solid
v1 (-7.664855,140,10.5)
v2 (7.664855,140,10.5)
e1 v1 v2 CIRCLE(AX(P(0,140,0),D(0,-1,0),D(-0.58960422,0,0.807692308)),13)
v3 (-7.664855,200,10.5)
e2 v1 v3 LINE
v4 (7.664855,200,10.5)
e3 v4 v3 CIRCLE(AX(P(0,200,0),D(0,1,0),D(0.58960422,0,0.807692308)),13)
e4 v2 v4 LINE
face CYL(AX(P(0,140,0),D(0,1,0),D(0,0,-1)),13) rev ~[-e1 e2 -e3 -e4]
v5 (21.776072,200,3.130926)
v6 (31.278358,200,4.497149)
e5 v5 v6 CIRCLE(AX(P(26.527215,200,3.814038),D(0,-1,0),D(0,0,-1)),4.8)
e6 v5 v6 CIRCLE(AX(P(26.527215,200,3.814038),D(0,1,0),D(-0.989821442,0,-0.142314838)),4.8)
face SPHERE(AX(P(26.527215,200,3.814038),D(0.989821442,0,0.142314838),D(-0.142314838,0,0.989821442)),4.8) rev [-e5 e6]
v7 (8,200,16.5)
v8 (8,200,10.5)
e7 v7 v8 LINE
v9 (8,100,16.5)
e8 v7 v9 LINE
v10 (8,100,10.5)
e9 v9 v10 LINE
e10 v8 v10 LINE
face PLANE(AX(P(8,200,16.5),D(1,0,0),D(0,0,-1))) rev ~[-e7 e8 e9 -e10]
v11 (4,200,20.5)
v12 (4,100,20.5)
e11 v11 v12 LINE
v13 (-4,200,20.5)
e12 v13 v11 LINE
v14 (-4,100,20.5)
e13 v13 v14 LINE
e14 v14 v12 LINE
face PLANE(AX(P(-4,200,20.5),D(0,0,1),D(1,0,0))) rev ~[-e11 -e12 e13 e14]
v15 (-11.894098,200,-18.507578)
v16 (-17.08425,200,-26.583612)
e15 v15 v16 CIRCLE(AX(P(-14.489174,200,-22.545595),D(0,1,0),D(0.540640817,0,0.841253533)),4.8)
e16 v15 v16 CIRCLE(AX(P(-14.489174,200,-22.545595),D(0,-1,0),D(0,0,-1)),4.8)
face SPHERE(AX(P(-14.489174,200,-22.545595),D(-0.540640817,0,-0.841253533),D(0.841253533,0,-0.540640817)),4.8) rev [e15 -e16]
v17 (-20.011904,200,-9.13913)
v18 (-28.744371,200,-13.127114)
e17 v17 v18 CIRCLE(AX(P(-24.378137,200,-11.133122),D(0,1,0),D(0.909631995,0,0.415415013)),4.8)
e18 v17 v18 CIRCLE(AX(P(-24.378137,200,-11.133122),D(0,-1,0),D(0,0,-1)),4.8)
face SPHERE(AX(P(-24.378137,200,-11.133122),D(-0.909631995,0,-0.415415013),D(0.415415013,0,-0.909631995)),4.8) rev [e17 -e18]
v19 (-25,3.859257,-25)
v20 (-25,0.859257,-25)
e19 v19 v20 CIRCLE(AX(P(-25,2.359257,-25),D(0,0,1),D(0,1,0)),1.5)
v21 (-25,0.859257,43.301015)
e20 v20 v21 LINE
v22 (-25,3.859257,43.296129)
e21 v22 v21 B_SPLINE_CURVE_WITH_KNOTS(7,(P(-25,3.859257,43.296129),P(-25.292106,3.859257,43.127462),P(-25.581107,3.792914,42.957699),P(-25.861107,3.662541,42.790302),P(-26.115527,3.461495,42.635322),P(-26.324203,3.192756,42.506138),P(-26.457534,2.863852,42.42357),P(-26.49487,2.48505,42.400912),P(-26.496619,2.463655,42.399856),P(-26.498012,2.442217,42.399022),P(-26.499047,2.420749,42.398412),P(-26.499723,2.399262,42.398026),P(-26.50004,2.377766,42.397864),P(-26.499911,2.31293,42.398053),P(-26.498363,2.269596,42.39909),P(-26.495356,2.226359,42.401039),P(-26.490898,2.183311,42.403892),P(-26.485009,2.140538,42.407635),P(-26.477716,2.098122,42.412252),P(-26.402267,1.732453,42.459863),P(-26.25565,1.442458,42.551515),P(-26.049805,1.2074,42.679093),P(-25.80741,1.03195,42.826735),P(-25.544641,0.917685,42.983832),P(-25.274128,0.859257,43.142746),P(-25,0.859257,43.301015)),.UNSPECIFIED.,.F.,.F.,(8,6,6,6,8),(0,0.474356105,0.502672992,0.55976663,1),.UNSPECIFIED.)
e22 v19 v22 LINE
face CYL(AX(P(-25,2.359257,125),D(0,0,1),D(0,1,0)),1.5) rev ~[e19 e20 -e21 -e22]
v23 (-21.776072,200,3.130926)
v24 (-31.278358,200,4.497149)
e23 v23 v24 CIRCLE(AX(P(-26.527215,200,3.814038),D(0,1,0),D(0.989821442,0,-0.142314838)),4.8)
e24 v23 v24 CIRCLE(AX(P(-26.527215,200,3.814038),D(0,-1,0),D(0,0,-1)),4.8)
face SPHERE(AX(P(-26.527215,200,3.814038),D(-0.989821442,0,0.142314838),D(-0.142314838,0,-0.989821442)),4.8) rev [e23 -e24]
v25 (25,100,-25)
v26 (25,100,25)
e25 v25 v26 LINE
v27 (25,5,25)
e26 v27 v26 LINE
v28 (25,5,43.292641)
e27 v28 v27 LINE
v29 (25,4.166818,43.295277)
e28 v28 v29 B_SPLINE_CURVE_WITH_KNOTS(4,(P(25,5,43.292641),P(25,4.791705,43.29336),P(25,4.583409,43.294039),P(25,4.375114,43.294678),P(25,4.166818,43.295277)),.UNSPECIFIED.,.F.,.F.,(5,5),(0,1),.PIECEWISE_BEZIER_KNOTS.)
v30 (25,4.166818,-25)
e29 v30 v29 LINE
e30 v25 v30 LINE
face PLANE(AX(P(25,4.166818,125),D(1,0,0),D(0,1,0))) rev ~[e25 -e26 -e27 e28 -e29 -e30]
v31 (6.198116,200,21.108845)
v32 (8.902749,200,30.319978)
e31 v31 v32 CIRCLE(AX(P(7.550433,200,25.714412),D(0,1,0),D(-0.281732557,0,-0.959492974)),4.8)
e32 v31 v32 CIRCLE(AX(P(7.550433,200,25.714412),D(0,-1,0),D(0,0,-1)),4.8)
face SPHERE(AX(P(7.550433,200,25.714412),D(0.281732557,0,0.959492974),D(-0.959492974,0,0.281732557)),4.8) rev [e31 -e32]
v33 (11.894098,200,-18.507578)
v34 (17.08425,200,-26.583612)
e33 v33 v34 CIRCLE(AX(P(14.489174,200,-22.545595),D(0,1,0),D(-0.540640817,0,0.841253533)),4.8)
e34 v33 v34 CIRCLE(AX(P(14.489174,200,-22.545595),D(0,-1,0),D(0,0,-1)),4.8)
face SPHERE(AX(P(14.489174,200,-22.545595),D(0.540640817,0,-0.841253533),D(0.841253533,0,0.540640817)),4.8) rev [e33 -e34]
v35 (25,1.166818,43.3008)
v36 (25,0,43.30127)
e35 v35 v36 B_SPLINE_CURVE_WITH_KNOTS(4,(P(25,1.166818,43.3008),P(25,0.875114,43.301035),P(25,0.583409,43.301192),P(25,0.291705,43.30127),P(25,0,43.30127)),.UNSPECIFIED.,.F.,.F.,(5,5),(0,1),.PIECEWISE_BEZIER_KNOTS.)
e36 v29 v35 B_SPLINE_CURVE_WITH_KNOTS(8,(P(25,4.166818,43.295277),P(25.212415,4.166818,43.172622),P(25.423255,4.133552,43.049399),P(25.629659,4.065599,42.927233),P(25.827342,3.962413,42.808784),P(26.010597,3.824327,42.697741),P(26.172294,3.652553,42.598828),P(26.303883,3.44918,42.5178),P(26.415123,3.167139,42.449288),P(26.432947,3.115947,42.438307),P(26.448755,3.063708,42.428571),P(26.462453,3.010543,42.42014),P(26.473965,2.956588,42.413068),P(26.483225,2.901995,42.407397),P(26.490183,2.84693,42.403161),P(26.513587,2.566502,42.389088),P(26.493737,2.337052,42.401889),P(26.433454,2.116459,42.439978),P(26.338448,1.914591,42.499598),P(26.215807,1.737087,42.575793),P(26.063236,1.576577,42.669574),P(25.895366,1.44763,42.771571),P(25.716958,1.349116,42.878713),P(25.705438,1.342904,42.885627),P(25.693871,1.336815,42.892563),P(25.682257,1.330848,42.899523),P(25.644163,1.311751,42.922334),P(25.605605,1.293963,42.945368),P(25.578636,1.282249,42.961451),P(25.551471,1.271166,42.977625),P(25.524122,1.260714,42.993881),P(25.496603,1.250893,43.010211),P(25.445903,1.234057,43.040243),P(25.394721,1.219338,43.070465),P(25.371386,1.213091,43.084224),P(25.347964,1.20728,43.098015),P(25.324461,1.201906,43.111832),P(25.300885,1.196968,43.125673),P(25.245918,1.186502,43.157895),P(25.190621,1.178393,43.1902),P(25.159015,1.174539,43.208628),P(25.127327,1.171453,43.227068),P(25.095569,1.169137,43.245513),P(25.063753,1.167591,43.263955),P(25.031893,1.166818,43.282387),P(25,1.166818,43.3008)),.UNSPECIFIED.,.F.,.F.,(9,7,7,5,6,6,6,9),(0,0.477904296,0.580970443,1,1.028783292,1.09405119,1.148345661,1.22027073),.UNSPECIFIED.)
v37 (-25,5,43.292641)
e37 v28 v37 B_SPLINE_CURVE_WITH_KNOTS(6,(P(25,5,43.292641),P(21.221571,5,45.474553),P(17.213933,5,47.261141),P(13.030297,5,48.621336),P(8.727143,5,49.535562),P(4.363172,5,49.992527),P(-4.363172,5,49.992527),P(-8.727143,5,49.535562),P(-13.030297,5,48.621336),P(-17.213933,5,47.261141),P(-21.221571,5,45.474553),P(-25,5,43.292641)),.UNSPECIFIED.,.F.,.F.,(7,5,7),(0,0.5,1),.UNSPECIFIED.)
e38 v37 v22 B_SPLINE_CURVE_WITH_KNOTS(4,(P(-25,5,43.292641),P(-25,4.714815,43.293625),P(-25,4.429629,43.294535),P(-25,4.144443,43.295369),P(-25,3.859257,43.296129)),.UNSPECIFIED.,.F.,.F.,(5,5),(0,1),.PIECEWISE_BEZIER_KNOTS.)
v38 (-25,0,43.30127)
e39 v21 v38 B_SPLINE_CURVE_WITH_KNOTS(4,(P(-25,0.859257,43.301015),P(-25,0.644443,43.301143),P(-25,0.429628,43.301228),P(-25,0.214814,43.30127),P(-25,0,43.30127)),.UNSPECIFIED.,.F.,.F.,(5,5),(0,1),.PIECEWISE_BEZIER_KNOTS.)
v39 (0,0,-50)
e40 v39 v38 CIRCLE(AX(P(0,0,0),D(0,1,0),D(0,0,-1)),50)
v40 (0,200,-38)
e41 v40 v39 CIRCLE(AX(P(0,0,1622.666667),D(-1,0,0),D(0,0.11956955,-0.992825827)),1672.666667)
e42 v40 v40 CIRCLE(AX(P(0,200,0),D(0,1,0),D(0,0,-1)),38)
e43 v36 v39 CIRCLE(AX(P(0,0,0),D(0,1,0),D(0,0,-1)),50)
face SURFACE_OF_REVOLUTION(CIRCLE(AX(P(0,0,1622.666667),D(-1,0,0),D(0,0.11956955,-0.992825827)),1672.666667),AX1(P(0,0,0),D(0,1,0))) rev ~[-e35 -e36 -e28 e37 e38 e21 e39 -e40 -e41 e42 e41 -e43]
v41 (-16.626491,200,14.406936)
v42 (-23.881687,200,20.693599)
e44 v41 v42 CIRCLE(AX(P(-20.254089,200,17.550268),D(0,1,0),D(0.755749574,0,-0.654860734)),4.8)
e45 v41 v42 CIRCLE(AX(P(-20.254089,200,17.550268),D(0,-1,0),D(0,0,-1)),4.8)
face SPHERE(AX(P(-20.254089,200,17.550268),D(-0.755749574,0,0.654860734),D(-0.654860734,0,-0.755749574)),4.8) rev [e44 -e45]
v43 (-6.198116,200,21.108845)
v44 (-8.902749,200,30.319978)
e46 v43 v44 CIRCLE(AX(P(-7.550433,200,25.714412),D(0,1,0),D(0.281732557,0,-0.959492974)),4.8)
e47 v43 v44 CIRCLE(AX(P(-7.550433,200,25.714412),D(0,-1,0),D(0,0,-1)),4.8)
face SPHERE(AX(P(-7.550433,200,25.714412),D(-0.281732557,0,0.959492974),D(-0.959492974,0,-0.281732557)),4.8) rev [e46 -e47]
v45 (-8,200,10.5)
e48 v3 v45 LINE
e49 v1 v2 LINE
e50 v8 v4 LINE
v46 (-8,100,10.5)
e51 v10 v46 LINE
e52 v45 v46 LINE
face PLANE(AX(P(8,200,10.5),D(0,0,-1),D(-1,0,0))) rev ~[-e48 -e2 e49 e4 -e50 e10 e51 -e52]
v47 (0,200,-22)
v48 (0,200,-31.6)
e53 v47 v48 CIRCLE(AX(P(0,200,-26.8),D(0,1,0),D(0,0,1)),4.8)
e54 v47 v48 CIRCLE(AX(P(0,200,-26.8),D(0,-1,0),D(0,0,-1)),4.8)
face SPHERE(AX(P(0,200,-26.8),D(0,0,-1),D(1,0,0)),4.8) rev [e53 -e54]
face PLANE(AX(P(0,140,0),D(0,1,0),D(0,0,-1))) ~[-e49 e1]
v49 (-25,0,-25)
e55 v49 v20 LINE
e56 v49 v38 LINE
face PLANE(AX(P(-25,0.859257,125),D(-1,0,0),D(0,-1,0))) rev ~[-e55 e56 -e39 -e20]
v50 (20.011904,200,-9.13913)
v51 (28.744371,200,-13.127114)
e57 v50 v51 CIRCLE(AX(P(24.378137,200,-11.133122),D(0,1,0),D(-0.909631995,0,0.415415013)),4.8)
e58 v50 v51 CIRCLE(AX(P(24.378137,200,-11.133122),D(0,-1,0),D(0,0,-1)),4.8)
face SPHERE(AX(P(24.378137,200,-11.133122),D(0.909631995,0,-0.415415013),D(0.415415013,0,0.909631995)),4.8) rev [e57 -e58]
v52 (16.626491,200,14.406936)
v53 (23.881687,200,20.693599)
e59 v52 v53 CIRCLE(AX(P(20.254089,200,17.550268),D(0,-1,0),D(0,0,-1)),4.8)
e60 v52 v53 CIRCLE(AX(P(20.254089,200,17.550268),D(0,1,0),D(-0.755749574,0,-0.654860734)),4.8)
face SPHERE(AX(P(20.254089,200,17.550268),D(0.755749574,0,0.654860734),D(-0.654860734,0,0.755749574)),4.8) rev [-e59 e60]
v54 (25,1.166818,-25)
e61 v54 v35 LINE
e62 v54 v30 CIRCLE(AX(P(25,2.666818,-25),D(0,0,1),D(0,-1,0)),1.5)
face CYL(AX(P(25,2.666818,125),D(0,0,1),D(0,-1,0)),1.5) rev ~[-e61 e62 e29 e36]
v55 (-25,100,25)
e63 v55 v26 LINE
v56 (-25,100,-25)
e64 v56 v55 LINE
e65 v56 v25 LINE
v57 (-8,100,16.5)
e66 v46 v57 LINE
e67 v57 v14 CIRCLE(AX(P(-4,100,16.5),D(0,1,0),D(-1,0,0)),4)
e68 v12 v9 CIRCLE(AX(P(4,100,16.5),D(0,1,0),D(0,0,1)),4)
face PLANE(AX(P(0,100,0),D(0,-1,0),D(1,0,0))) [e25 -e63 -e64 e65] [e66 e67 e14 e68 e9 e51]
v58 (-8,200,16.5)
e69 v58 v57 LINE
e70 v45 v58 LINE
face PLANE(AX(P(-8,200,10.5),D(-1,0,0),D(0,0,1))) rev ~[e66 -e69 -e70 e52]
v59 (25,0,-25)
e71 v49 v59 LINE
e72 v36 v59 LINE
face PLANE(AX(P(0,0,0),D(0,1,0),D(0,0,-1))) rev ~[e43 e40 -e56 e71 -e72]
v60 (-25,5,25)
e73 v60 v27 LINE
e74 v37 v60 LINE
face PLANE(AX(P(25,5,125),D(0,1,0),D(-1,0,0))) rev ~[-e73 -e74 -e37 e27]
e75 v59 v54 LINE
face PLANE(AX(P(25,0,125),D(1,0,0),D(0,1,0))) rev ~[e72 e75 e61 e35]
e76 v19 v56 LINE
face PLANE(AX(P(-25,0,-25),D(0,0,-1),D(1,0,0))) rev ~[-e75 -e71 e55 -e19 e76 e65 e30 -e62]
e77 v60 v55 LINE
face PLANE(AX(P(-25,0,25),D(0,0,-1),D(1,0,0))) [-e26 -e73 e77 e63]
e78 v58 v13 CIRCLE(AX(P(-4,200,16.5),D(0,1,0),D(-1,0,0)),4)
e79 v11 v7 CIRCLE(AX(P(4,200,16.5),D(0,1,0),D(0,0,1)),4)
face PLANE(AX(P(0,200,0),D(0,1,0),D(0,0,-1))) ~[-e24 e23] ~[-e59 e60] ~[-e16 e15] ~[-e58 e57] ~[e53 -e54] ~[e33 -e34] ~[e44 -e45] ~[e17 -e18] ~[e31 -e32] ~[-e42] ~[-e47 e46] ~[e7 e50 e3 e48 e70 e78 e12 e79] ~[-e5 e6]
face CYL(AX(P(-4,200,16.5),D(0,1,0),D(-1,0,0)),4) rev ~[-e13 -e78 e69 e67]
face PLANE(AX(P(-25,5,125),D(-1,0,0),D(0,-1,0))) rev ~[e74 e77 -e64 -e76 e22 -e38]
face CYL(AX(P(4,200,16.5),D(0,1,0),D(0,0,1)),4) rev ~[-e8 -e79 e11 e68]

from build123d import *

# Parameters (mm, degrees)
MATRIZC1_COUNT        = 11
CROQUIS4_W            = 50
CROQUIS4_H            = 50
CORTAR_EXTRUIR1_DEPTH = 100
CORTAR_EXTRUIR2_REACH = 272.416
CORTAR_EXTRUIR3_REACH = 214.132


with BuildPart() as part:
    # Croquis2 → Revolución1 (revolve)
    with BuildSketch(Plane.XY, mode=Mode.PRIVATE) as revoluci_n1_sk:
        with BuildLine():
            Line((-13, 140), (-13, 200))
            Line((-13, 200), (-38, 200))
            ThreePointArc((-38, 200), (-46.997304849, 100.179838291), (-50, 0))
            Line((-50, 0), (0, 0))
            Line((0, 0), (0, 140))
            Line((0, 140), (-13, 140))
        make_face()
    revolve(revoluci_n1_sk.sketch.rotate(Axis((0, 0, 0), (0, 1, 0)), 270), axis=Axis((0, 0, 0), (0, 1, 0)))

    # Croquis3 → Cortar-Revolución1 (revolve, cut)
    with BuildSketch(Plane(origin=(0, 200, 0), x_dir=(1, 0, 0), z_dir=(0, 1, 0))):
        with BuildLine():
            Line((0, 31.6), (0, 22))
            ThreePointArc((0, 22), (4.8, 26.8), (0, 31.6))
        make_face()
    cortar_revoluci_n1 = revolve(axis=Axis((0, 200, -31.6), (0, 0, 1)), mode=Mode.SUBTRACT)

    # MatrizC1: Cortar-Revolución1 ×11 about axis
    matrizc1_axis = Axis((0, 0, 0), (0, 1, 0))
    for i in range(1, MATRIZC1_COUNT):
        add(cortar_revoluci_n1.rotate(matrizc1_axis, i * 360 / MATRIZC1_COUNT), mode=Mode.SUBTRACT)

    # Croquis4 → Cortar-Extruir1 (cut)
    with BuildSketch(Plane.XZ):
        Rectangle(CROQUIS4_W, CROQUIS4_H)
    extrude(amount=-CORTAR_EXTRUIR1_DEPTH, mode=Mode.SUBTRACT)

    # Cortar-Extruir2: up to this face of the body (flat: up to its plane)
    cortar_extruir2_end = Plane(part.part.faces().sort_by_distance((0, 50, -25))[0])
    # Croquis5 → Cortar-Extruir2 (cut, up to the picked face)
    with BuildSketch(Plane.XY.offset(125), mode=Mode.PRIVATE) as cortar_extruir2_sk1:
        with BuildLine():
            Line((25, 0), (25, 1.166817967))
            ThreePointArc((25, 1.166817967), (26.5, 2.666817967), (25, 4.166817967))
            Line((25, 4.166817967), (25, 5))
            Line((25, 5), (-25, 5))
            Line((-25, 5), (-25, 3.859256745))
            ThreePointArc((-25, 3.859256745), (-26.5, 2.359256745), (-25, 0.859256745))
            Line((-25, 0.859256745), (-25, 0))
            Line((-25, 0), (25, 0))
        make_face()
    cortar_extruir2_tool1 = split(extrude(cortar_extruir2_sk1.sketch, amount=-CORTAR_EXTRUIR2_REACH, mode=Mode.PRIVATE), bisect_by=cortar_extruir2_end, keep=Keep.BOTH, mode=Mode.PRIVATE)
    add(cortar_extruir2_tool1.solids().sort_by(Axis((0, 2.500358, 125), (0, 0, -1)))[0], mode=Mode.SUBTRACT)

    # Cortar-Extruir3: up to this face of the body (flat: up to its plane)
    cortar_extruir3_end = Plane(part.part.faces().sort_by_distance((0, 100, 0))[0])
    # Croquis6 → Cortar-Extruir3 (cut, up to the picked face)
    with BuildSketch(Plane(origin=(0, 200, 0), x_dir=(1, 0, 0), z_dir=(0, 1, 0)), mode=Mode.PRIVATE) as cortar_extruir3_sk1:
        with BuildLine():
            Line((8, -10.5), (-8, -10.5))
            Line((-8, -10.5), (-8, -16.5))
            ThreePointArc((-8, -16.5), (-6.828427125, -19.328427125), (-4, -20.5))
            Line((-4, -20.5), (4, -20.5))
            ThreePointArc((4, -20.5), (6.828427125, -19.328427125), (8, -16.5))
            Line((8, -16.5), (8, -10.5))
        make_face()
    cortar_extruir3_tool1 = split(extrude(cortar_extruir3_sk1.sketch, amount=-CORTAR_EXTRUIR3_REACH, mode=Mode.PRIVATE), bisect_by=cortar_extruir3_end, keep=Keep.BOTH, mode=Mode.PRIVATE)
    add(cortar_extruir3_tool1.solids().sort_by(Axis((0, 200, 15.315842), (0, -1, 0)))[0], mode=Mode.SUBTRACT)


solid = part.part
